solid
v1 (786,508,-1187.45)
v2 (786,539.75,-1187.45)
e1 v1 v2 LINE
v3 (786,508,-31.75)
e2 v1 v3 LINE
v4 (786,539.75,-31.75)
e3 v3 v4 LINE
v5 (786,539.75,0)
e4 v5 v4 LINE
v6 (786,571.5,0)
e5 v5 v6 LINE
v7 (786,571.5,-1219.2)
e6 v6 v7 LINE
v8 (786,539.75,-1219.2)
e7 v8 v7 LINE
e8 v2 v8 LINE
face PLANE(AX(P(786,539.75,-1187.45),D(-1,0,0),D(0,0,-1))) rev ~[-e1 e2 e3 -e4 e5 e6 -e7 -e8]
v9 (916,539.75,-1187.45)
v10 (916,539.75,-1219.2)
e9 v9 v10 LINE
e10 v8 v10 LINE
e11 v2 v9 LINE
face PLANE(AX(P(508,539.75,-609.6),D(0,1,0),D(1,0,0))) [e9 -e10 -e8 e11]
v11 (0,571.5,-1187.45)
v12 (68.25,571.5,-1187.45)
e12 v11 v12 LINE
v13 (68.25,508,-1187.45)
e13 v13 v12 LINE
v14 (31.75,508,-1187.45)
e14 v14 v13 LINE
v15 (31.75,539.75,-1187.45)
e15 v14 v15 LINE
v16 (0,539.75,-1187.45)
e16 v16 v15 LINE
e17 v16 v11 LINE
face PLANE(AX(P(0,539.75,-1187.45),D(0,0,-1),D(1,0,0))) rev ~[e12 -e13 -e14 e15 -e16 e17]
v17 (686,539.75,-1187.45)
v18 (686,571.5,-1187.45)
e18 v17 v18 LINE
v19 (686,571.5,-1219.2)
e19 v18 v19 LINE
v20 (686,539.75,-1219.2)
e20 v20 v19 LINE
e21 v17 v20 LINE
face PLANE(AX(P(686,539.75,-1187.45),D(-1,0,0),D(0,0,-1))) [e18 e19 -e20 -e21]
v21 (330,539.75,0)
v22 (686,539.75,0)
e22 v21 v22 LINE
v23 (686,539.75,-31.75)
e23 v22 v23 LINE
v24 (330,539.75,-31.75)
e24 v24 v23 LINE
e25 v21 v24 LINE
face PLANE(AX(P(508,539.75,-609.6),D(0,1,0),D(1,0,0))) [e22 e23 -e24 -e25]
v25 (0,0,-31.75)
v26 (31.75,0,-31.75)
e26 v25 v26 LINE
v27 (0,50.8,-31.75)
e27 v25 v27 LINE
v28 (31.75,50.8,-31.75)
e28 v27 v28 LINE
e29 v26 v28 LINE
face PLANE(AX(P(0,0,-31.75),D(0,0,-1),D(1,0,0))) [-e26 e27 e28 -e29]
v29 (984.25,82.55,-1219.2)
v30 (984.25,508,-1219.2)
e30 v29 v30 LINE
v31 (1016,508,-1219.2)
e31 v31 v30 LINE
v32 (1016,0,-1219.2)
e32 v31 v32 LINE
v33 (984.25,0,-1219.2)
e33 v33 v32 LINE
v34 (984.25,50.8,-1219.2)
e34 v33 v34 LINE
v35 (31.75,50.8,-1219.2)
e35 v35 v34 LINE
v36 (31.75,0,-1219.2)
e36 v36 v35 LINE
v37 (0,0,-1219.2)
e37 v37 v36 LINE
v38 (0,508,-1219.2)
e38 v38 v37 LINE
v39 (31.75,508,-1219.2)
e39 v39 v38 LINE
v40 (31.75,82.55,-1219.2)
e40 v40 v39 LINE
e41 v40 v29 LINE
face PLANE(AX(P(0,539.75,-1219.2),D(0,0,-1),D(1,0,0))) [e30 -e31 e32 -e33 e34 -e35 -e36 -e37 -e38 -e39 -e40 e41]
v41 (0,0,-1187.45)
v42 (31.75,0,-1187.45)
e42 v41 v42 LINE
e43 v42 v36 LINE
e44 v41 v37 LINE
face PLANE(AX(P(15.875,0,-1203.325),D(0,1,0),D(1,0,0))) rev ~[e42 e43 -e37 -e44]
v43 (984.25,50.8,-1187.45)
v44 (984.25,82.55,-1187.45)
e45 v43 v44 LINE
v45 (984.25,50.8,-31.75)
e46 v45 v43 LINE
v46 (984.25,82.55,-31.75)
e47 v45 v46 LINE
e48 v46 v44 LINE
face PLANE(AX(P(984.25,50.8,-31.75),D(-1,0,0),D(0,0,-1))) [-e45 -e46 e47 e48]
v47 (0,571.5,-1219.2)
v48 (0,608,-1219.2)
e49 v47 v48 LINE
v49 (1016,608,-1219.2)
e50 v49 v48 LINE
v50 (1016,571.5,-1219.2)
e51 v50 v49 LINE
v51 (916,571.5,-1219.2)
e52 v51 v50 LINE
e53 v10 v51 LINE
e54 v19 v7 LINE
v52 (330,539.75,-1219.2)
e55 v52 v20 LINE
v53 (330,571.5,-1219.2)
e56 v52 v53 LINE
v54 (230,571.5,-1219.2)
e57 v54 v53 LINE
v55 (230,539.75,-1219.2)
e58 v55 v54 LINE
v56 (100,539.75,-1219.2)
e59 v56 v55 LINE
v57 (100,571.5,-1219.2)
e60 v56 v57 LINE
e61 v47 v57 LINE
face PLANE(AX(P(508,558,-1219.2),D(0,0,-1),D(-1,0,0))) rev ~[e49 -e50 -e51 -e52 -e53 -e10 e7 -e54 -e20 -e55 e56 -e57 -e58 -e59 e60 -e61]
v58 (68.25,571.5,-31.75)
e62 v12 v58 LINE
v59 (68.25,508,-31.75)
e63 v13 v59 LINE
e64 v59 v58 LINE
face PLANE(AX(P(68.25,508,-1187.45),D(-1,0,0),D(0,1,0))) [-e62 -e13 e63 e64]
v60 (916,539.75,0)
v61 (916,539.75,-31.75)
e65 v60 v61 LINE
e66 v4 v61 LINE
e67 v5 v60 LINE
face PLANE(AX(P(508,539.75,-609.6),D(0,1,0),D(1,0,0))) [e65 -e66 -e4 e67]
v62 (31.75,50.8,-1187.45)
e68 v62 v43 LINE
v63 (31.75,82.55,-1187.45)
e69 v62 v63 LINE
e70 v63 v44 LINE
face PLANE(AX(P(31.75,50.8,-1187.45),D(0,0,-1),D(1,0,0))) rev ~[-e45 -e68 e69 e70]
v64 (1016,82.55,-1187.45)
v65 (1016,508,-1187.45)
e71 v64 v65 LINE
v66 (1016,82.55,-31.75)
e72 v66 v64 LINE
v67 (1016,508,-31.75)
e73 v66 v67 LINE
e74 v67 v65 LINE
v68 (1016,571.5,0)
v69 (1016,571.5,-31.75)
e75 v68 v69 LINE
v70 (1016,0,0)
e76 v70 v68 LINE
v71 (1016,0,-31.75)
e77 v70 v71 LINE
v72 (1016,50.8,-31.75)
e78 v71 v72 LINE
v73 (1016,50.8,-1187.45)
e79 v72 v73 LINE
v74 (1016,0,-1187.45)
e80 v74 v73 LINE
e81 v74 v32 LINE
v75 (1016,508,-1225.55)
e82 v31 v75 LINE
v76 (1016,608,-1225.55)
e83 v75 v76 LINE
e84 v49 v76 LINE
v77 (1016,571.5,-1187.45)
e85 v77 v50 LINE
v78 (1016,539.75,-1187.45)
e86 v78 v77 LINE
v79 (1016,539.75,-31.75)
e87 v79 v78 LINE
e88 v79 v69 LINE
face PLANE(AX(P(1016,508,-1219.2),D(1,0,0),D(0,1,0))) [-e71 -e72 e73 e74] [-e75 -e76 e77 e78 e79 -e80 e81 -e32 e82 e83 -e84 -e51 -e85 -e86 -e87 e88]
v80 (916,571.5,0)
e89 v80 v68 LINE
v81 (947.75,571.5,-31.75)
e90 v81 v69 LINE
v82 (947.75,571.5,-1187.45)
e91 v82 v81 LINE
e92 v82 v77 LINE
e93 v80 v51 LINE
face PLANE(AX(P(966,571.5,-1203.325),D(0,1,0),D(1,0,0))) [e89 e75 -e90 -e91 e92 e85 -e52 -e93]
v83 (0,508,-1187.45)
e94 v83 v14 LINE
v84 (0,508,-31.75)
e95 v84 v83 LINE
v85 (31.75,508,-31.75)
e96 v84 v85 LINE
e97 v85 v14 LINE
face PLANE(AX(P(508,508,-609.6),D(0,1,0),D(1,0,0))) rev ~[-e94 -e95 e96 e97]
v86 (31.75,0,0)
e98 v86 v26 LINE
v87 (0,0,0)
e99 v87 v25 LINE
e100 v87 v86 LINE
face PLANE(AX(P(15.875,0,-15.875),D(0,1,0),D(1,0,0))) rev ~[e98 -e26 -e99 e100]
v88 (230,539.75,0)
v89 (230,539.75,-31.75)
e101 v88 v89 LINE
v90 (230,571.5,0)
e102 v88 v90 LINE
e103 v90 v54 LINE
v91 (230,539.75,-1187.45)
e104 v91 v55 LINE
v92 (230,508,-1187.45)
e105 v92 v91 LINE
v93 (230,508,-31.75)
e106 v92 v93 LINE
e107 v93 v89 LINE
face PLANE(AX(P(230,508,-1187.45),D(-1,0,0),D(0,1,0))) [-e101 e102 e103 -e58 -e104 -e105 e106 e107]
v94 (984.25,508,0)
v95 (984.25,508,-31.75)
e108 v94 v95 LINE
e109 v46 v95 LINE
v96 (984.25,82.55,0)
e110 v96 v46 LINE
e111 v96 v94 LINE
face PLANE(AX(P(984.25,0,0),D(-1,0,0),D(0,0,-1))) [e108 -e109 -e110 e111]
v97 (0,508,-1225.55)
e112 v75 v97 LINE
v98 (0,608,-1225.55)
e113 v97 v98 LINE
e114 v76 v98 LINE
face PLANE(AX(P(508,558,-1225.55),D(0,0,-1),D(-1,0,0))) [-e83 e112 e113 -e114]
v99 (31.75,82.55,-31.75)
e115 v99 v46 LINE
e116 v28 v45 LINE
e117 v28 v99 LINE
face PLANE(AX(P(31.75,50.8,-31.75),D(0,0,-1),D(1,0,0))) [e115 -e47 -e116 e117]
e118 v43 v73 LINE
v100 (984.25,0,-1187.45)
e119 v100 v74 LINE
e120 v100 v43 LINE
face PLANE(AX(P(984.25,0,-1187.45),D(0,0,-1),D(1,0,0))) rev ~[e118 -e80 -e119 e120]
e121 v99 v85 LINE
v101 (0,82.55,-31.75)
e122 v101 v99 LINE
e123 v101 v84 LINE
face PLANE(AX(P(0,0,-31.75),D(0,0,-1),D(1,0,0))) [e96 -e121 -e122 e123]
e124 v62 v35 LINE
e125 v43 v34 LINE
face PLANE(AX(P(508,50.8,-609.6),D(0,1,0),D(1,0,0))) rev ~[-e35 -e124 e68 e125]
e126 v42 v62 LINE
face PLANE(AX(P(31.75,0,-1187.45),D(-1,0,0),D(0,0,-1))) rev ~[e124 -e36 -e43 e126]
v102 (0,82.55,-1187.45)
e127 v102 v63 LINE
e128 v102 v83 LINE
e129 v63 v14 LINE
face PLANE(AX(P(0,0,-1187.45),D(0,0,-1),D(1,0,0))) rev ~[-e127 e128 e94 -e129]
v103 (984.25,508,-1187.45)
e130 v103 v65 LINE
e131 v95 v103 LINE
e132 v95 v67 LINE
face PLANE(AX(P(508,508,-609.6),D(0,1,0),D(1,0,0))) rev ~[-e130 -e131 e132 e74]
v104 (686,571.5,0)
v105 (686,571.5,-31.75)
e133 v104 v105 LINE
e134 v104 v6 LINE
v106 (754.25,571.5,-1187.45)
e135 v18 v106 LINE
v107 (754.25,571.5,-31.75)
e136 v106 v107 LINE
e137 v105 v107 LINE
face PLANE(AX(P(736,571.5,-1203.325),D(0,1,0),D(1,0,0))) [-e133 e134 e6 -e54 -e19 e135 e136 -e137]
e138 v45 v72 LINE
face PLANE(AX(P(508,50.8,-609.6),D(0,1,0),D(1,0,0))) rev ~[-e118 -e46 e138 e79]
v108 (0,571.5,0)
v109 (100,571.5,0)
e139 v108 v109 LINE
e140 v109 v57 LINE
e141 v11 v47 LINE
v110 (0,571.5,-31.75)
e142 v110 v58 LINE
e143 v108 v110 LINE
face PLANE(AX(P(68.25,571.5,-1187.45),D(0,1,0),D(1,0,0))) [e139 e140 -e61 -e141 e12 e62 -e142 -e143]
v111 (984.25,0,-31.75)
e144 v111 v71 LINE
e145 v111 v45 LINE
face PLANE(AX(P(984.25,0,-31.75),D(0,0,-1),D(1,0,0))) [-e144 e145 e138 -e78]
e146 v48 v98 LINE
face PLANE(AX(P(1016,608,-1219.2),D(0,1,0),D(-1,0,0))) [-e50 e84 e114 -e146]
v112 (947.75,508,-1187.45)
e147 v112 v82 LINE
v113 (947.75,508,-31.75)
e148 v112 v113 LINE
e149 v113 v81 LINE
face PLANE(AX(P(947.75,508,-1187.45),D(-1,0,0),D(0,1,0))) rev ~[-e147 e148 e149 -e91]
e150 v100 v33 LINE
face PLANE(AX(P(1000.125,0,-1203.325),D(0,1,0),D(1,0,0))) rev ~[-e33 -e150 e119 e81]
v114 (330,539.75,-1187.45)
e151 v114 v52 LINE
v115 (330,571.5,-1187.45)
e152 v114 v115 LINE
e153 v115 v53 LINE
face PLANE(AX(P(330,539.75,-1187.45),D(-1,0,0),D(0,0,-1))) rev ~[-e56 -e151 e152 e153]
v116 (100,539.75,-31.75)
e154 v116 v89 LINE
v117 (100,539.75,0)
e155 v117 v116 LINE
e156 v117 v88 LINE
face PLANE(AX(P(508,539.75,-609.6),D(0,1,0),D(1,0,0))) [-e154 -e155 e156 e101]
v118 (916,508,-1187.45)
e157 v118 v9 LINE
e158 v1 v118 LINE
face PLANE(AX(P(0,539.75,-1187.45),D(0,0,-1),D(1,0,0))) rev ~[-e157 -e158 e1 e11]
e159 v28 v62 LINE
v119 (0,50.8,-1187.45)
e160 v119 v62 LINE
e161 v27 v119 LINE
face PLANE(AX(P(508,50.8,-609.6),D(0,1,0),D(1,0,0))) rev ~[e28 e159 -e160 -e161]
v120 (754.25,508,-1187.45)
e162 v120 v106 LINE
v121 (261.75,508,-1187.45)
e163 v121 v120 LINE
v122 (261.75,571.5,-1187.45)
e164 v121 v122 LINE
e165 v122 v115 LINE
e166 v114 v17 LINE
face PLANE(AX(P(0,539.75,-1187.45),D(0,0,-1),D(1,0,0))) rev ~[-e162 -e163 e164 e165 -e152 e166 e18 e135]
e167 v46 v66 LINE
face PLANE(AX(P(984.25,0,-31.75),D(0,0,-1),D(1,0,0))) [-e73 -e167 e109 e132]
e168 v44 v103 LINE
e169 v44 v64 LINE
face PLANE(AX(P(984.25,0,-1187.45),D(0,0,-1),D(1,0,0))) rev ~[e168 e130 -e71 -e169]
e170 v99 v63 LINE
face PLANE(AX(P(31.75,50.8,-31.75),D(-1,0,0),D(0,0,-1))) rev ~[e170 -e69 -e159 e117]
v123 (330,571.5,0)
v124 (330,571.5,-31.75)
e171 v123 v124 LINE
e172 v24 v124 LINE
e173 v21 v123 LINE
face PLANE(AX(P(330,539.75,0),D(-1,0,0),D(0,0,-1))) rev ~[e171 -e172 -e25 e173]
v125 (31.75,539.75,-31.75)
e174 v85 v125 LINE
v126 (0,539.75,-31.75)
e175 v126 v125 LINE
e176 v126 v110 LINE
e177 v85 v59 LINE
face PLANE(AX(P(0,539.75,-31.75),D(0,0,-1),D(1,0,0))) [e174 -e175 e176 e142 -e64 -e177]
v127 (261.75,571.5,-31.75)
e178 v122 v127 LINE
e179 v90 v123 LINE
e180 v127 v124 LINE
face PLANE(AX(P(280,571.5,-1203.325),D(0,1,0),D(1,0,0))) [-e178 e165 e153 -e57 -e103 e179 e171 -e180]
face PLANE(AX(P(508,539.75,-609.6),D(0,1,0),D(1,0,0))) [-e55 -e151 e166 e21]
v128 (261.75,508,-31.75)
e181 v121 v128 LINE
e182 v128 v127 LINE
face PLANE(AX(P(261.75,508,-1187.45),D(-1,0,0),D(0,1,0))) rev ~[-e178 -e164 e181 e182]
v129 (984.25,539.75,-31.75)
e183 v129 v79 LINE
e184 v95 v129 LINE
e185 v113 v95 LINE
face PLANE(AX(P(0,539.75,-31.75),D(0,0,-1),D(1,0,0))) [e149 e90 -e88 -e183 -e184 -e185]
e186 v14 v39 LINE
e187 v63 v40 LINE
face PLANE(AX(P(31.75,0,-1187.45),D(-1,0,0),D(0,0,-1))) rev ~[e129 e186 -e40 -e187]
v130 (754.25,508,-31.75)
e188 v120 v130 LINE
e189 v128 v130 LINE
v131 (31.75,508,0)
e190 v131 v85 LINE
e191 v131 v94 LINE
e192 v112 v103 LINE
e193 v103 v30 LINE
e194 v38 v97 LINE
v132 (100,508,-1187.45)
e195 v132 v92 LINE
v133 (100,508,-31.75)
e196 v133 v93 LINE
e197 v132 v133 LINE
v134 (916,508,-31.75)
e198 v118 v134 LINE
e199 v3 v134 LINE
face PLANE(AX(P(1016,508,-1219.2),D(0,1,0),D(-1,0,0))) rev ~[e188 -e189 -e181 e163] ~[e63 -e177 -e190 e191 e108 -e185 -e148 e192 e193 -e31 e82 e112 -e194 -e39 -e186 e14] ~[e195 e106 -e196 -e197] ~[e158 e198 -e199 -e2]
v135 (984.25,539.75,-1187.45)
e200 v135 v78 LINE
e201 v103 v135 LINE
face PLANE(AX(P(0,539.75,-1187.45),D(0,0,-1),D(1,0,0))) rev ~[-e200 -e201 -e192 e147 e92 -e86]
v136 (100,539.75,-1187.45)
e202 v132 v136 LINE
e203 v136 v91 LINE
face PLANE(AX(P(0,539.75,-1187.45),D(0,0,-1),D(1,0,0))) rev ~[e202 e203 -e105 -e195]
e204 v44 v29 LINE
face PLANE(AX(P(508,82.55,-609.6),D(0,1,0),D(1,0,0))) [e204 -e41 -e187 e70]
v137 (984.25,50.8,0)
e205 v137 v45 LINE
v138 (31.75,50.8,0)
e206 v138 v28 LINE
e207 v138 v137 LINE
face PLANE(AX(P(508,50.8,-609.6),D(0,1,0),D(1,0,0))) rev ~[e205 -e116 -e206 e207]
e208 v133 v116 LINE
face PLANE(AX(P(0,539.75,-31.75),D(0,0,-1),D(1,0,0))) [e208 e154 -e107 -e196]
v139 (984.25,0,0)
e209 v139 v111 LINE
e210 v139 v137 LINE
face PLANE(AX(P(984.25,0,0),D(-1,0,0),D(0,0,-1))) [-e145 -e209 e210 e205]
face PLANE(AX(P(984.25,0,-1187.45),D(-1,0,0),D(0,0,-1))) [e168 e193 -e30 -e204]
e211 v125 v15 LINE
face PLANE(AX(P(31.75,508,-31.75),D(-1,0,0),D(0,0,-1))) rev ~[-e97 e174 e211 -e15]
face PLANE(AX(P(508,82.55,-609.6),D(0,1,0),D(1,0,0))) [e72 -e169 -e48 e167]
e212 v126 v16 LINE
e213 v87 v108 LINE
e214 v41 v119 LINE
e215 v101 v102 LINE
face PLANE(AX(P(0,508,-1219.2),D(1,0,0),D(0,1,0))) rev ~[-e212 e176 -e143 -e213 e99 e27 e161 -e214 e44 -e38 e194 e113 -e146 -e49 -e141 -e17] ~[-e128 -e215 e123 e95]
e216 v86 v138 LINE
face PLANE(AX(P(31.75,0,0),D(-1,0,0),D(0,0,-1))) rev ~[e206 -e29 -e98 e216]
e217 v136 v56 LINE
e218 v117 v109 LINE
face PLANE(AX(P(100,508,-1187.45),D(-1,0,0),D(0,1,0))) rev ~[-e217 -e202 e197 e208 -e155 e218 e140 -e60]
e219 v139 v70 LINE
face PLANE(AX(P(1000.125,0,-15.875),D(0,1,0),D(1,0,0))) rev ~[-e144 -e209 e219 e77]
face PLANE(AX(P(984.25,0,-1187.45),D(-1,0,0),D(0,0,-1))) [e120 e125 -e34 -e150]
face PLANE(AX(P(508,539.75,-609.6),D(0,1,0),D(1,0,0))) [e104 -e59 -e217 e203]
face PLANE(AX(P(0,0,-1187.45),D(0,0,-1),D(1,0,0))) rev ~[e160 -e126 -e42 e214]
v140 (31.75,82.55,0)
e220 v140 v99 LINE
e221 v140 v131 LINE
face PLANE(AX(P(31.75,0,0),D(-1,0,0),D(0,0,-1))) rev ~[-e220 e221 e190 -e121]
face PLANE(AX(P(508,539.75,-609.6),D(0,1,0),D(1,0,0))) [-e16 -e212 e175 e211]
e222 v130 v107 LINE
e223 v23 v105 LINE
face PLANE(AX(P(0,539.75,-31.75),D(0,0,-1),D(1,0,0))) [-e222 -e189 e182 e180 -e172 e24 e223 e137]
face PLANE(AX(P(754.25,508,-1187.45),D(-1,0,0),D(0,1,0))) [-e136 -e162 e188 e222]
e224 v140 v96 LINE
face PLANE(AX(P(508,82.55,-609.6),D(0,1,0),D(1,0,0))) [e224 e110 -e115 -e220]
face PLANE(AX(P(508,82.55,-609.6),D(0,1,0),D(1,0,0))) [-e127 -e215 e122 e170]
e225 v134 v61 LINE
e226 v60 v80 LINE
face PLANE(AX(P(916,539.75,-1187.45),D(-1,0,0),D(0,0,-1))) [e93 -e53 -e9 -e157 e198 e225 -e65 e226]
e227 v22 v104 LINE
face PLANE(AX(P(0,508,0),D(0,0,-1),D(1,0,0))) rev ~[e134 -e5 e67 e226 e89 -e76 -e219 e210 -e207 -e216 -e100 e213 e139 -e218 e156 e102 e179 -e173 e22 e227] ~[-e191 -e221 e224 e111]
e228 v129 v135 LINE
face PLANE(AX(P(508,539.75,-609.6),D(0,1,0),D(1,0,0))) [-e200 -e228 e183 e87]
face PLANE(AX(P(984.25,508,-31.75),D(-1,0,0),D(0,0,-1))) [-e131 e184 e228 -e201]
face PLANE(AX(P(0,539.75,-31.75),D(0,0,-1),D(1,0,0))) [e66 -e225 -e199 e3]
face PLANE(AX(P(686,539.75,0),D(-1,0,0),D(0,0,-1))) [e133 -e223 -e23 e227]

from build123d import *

# Parameters (mm, degrees)
SKETCH2_W             = 31.75
SKETCH2_H             = 31.75
BOSS_EXTRUDE1_DEPTH   = 508
BOSS_EXTRUDE1_2_DEPTH = 508
BOSS_EXTRUDE1_3_DEPTH = 508
BOSS_EXTRUDE1_4_DEPTH = 508
SKETCH3_W             = 1016
SKETCH3_H             = 1219.2
SKETCH3_W_2           = 952.5
SKETCH3_H_2           = 1155.7
BOSS_EXTRUDE2_DEPTH   = 31.75
BOSS_EXTRUDE3_START   = -457.2
SKETCH3_2_W           = 1016
SKETCH3_2_H           = 1219.2
SKETCH3_2_W_2         = 952.5
SKETCH3_2_H_2         = 1155.7
BOSS_EXTRUDE3_DEPTH   = 31.75
SKETCH4_W             = 100
SKETCH4_H             = 31.75
BOSS_EXTRUDE4_DEPTH   = 31.75
SKETCH5_W             = 31.75
SKETCH5_H             = 63.5
BOSS_EXTRUDE5_DEPTH   = 1155.7
SKETCH6_W             = 1016
SKETCH6_H             = 100
BOSS_EXTRUDE6_DEPTH   = 6.35


with BuildPart() as part:
    # Sketch2 → Boss-Extrude1 (new body)
    with BuildSketch(Plane(origin=(0, 0, 0), x_dir=(1, 0, 0), z_dir=(0, 1, 0))):
        with Locations((15.875, 1203.325)):
            Rectangle(SKETCH2_W, SKETCH2_H)
    extrude(amount=BOSS_EXTRUDE1_DEPTH)



with BuildPart() as body_2:
    # Sketch2 → Boss-Extrude1 2 (new body)
    with BuildSketch(Plane(origin=(0, 0, 0), x_dir=(1, 0, 0), z_dir=(0, 1, 0))):
        with Locations((15.875, 15.875)):
            Rectangle(SKETCH2_W, SKETCH2_H)
    extrude(amount=BOSS_EXTRUDE1_2_DEPTH)


with BuildPart() as body_3:
    # Sketch2 → Boss-Extrude1 3 (new body)
    with BuildSketch(Plane(origin=(0, 0, 0), x_dir=(1, 0, 0), z_dir=(0, 1, 0))):
        with Locations((1000.125, 15.875)):
            Rectangle(SKETCH2_W, SKETCH2_H)
    extrude(amount=BOSS_EXTRUDE1_3_DEPTH)


with BuildPart() as body_4:
    # Sketch2 → Boss-Extrude1 4 (new body)
    with BuildSketch(Plane(origin=(0, 0, 0), x_dir=(1, 0, 0), z_dir=(0, 1, 0))):
        with Locations((1000.125, 1203.325)):
            Rectangle(SKETCH2_W, SKETCH2_H)
    extrude(amount=BOSS_EXTRUDE1_4_DEPTH)


with BuildPart() as part_1:
    add(part.part)

    add(body_2.part)  # Boss-Extrude2 merges body 2

    add(body_3.part)  # Boss-Extrude2 merges body 3

    add(body_4.part)  # Boss-Extrude2 merges body 4
    # Sketch3 → Boss-Extrude2 (add)
    with BuildSketch(Plane(origin=(0, 508, 0), x_dir=(1, 0, 0), z_dir=(0, 1, 0))):
        with Locations((508, 609.6)):
            Rectangle(SKETCH3_W, SKETCH3_H)
        with Locations((508, 609.6)):
            Rectangle(SKETCH3_W_2, SKETCH3_H_2, mode=Mode.SUBTRACT)
    extrude(amount=BOSS_EXTRUDE2_DEPTH)

    # Sketch3<2> → Boss-Extrude3 (add)
    with BuildSketch(Plane(origin=(0, 508, 0), x_dir=(1, 0, 0), z_dir=(0, 1, 0)).offset(BOSS_EXTRUDE3_START)):
        with Locations((508, 609.6)):
            Rectangle(SKETCH3_2_W, SKETCH3_2_H)
        with Locations((508, 609.6)):
            Rectangle(SKETCH3_2_W_2, SKETCH3_2_H_2, mode=Mode.SUBTRACT)
    extrude(amount=BOSS_EXTRUDE3_DEPTH)

    # Sketch4 → Boss-Extrude4 (add)
    with BuildSketch(Plane(origin=(0, 539.75, 0), x_dir=(1, 0, 0), z_dir=(0, 1, 0))):
        with Locations((50, 1203.325)):
            Rectangle(SKETCH4_W, SKETCH4_H)
        with Locations((280, 1203.325)):
            Rectangle(SKETCH4_W, SKETCH4_H)
        with Locations((966, 1203.325)):
            Rectangle(SKETCH4_W, SKETCH4_H)
        with Locations((736, 1203.325)):
            Rectangle(SKETCH4_W, SKETCH4_H)
        with Locations((736, 15.875)):
            Rectangle(SKETCH4_W, SKETCH4_H)
        with Locations((966, 15.875)):
            Rectangle(SKETCH4_W, SKETCH4_H)
        with Locations((280, 15.875)):
            Rectangle(SKETCH4_W, SKETCH4_H)
        with Locations((50, 15.875)):
            Rectangle(SKETCH4_W, SKETCH4_H)
    extrude(amount=BOSS_EXTRUDE4_DEPTH)

    # Sketch5 → Boss-Extrude5 (add)
    with BuildSketch(Plane.XY.offset(-1187.45)):
        with Locations((84.125, 539.75)):
            Rectangle(SKETCH5_W, SKETCH5_H)
        with Locations((245.875, 539.75)):
            Rectangle(SKETCH5_W, SKETCH5_H)
        with Locations((770.125, 539.75)):
            Rectangle(SKETCH5_W, SKETCH5_H)
        with Locations((931.875, 539.75)):
            Rectangle(SKETCH5_W, SKETCH5_H)
    extrude(amount=BOSS_EXTRUDE5_DEPTH)

    # Sketch6 → Boss-Extrude6 (add)
    with BuildSketch(Plane(origin=(0, 0, -1219.2), x_dir=(-1, 0, 0), z_dir=(0, 0, -1))):
        with Locations((-508, 558)):
            Rectangle(SKETCH6_W, SKETCH6_H)
    extrude(amount=BOSS_EXTRUDE6_DEPTH)


solid = part_1.part
